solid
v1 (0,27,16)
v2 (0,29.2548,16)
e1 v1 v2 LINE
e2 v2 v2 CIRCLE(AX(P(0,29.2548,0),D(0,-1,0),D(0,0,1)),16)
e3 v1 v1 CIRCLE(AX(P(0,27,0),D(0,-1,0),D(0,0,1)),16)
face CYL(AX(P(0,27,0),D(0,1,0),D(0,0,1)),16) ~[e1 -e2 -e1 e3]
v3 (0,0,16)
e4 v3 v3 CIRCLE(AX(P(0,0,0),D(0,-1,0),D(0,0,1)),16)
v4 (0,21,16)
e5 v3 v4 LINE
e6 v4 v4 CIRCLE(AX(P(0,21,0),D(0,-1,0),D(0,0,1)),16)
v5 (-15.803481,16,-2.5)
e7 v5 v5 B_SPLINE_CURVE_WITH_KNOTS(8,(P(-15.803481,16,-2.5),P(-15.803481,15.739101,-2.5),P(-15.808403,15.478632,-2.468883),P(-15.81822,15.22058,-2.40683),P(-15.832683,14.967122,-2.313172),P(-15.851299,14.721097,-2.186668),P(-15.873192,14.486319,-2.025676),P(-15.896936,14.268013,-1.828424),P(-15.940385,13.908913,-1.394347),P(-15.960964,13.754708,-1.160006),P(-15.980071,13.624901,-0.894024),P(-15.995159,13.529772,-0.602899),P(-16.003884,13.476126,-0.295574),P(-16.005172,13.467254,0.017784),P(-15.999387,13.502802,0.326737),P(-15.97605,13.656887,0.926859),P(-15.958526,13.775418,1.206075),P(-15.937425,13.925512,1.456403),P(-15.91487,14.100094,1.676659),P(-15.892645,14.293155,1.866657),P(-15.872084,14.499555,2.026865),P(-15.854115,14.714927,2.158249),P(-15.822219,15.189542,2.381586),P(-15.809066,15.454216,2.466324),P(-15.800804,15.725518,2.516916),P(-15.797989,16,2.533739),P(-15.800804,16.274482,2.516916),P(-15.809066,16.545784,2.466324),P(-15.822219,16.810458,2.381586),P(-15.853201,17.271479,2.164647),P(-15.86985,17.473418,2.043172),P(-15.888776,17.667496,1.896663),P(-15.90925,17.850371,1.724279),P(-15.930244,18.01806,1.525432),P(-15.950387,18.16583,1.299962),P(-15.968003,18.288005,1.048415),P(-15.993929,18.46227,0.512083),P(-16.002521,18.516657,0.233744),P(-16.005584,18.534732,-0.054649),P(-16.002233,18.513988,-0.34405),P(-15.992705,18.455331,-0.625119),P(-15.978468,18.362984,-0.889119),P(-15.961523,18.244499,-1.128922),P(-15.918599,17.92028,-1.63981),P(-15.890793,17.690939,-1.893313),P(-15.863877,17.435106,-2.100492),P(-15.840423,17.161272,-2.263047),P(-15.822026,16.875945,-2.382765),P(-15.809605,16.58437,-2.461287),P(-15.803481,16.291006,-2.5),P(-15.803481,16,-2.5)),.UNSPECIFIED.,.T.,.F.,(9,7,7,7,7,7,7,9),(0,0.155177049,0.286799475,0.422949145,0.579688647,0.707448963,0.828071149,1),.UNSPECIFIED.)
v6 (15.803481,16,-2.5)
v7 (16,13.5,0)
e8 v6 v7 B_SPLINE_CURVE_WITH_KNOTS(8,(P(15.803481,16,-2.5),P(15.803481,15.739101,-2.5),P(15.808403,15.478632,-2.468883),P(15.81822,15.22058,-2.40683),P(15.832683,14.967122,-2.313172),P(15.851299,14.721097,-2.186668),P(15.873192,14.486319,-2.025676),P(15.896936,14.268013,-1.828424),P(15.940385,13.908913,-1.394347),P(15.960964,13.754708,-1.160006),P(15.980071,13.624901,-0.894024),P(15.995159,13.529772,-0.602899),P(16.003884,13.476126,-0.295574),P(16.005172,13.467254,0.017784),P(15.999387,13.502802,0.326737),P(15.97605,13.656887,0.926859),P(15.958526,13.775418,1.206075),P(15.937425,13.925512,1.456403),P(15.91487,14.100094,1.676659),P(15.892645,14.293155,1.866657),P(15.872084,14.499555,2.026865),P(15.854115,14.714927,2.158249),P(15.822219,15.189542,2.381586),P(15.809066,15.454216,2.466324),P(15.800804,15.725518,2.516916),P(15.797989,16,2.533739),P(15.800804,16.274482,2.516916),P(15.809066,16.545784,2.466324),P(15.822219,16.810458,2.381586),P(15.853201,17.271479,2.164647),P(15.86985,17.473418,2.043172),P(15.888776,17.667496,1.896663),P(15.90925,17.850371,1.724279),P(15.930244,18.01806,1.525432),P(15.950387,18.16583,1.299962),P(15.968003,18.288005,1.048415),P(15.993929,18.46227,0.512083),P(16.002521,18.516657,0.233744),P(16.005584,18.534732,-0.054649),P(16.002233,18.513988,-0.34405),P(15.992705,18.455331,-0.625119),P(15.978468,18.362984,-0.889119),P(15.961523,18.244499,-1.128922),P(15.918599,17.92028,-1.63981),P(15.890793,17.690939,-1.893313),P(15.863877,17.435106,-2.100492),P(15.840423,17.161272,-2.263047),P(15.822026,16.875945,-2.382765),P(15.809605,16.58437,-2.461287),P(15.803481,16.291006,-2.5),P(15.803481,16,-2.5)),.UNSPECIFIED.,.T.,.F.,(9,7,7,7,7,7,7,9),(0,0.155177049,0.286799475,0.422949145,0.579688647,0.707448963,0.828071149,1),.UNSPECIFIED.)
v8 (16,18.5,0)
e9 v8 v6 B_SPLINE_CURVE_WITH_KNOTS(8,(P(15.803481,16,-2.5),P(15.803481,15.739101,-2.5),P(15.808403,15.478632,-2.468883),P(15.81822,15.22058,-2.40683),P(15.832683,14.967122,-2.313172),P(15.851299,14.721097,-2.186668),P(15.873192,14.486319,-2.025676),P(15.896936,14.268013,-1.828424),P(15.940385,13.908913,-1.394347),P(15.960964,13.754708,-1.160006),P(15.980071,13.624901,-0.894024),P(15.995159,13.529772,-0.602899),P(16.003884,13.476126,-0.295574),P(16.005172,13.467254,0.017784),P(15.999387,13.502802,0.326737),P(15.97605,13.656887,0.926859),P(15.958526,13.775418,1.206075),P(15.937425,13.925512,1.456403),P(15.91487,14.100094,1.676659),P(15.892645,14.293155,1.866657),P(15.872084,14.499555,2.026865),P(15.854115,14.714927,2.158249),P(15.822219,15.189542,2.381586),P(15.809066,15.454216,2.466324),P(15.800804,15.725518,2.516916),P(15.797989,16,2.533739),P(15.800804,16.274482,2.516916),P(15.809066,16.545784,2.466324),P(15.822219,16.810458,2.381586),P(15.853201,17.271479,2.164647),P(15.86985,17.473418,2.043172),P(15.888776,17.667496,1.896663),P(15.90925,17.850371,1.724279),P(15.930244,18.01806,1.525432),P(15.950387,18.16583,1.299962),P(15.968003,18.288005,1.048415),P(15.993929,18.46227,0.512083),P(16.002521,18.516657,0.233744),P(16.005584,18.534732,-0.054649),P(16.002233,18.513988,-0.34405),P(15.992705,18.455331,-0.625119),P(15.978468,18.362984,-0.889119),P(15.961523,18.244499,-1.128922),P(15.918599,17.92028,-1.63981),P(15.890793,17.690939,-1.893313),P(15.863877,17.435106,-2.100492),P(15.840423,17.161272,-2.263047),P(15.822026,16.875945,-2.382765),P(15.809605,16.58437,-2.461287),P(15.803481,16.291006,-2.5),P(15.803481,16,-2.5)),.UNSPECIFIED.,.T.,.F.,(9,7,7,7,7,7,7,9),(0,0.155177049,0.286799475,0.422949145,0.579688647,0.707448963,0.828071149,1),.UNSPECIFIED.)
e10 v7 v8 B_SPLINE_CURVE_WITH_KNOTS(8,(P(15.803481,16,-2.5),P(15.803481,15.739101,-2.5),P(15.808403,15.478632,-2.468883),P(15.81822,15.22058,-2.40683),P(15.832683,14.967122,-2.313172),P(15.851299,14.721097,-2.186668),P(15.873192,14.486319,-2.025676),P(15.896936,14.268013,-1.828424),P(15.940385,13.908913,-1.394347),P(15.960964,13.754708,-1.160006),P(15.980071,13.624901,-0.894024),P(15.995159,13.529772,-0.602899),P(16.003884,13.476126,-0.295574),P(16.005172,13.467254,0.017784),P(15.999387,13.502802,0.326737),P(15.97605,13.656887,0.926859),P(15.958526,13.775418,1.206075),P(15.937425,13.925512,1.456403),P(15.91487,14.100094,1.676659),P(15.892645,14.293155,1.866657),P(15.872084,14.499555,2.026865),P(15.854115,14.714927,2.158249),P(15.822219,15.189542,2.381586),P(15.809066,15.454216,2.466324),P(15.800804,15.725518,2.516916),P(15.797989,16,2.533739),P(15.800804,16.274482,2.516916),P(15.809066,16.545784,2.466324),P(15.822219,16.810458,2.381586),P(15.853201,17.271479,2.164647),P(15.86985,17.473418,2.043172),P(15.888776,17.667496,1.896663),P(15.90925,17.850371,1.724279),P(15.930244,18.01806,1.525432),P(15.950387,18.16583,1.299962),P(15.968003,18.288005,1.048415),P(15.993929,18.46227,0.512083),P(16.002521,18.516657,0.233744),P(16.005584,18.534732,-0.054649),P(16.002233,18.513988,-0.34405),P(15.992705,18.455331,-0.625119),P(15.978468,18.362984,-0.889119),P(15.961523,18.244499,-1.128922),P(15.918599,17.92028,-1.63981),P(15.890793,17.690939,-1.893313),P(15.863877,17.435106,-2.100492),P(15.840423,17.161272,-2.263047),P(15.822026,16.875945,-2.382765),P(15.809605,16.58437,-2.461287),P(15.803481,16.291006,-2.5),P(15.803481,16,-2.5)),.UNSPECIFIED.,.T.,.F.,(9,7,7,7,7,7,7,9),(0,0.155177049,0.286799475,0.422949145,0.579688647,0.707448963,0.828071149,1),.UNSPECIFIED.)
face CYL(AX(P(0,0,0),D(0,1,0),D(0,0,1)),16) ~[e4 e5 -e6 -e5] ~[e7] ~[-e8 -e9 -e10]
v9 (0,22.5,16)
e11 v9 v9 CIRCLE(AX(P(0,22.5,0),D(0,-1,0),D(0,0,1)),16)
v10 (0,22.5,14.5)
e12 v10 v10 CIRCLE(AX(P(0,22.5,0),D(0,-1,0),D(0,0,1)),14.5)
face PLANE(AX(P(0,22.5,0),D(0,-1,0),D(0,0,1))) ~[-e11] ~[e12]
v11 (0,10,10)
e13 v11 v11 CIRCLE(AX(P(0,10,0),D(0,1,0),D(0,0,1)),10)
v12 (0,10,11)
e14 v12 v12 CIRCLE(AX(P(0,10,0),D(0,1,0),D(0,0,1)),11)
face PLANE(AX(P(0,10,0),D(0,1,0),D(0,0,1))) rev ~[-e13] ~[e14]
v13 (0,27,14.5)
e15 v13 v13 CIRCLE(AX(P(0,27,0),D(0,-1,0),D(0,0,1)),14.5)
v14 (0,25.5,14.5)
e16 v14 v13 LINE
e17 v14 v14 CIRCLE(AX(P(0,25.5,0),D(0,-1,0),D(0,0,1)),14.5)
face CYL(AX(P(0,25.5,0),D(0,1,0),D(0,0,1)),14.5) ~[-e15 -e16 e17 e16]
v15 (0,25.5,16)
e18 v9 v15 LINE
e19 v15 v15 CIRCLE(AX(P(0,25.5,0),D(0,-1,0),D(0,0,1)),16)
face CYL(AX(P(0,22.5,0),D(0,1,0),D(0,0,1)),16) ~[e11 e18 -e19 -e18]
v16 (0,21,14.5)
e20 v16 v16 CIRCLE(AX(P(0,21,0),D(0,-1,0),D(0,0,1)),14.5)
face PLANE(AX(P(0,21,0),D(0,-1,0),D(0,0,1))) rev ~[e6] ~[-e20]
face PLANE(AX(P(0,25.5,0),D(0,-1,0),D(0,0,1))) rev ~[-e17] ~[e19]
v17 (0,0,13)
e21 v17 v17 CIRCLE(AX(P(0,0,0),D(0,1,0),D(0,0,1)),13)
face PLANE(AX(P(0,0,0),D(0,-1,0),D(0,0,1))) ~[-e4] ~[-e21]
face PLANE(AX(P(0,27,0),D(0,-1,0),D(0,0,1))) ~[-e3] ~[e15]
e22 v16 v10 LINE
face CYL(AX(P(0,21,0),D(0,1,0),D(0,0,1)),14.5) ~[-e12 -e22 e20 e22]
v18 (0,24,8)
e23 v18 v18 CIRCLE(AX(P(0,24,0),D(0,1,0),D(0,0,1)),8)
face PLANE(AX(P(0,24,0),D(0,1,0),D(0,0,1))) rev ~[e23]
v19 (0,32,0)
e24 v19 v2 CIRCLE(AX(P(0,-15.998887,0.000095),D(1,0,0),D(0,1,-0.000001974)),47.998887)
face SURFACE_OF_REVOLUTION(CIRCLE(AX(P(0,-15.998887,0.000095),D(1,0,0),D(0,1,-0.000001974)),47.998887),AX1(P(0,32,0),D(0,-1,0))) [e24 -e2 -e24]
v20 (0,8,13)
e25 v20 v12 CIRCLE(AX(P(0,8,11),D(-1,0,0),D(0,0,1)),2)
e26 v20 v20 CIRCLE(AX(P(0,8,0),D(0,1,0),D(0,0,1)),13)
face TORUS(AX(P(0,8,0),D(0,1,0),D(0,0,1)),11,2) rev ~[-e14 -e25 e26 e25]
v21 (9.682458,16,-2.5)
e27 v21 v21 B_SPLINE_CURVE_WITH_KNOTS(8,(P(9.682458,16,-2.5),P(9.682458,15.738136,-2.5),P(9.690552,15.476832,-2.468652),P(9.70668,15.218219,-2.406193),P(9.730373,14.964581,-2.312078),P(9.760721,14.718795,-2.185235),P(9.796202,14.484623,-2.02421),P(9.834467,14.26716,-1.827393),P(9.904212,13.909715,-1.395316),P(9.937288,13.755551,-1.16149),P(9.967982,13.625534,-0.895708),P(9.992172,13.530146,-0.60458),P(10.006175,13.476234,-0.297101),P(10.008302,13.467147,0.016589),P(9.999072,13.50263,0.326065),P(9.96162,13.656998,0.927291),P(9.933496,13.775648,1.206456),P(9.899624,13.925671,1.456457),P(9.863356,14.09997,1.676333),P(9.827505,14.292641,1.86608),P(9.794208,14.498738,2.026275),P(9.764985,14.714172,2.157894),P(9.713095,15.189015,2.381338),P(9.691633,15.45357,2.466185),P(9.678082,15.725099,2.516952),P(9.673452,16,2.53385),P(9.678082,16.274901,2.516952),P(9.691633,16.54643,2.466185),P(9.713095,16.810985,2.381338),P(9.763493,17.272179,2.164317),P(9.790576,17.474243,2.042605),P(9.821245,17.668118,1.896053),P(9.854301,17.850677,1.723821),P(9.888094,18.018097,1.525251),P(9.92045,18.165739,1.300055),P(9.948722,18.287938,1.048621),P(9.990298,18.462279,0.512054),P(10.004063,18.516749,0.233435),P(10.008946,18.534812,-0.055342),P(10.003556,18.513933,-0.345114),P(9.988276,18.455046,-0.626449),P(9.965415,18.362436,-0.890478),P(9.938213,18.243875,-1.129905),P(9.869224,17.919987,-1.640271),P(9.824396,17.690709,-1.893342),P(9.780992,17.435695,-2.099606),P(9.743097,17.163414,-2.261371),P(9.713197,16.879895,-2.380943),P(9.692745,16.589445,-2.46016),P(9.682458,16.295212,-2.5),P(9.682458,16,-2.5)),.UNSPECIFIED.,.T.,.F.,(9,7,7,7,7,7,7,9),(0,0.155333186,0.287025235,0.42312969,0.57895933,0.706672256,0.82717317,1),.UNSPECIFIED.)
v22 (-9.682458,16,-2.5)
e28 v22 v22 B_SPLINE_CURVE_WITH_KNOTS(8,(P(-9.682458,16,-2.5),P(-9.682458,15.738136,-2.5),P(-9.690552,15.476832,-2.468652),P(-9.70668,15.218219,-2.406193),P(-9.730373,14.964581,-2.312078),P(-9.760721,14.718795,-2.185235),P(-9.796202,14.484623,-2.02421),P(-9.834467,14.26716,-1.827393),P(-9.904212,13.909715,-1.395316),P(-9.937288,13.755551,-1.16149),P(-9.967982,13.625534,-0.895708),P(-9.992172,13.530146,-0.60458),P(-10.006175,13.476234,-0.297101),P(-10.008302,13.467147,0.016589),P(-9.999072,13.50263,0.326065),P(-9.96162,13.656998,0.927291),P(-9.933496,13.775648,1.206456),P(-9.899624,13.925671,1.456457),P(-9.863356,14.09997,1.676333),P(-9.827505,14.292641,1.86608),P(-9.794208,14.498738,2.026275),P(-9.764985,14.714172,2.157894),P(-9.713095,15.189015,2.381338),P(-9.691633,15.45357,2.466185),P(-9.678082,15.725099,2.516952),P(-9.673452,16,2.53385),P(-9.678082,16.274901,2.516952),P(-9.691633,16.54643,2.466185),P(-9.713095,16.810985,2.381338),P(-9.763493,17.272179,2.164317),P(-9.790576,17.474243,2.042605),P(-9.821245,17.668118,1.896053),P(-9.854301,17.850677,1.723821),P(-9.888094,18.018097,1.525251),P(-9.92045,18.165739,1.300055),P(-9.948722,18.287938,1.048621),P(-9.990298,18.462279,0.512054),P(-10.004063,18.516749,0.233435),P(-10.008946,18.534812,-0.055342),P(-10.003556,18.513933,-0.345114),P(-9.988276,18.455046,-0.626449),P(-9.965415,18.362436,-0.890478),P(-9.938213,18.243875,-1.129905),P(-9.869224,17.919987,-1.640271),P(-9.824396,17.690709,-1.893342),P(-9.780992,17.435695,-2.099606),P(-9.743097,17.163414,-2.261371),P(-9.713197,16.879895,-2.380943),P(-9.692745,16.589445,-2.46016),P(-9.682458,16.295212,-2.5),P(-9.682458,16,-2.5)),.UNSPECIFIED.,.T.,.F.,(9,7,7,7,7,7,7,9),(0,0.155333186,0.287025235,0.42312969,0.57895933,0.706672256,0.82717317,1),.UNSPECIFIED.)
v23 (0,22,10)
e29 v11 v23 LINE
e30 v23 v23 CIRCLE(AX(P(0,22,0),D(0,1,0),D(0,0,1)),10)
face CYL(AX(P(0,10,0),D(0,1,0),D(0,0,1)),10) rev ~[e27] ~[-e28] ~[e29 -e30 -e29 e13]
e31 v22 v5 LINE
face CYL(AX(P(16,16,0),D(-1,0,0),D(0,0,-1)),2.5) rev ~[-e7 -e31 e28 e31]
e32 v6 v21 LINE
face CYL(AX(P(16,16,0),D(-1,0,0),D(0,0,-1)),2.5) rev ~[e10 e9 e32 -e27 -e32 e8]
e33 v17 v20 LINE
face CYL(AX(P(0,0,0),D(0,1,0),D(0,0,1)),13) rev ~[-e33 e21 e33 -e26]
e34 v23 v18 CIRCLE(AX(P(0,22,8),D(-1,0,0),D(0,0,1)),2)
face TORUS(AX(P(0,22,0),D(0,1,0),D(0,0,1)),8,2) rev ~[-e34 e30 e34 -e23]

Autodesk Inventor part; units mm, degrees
ref_plane "XZ Plane" through (0, 0, 0) normal (0, 1, 0) x (-1, 0, 0)
ref_plane "XY Plane" through (0, 0, 0) normal (0, 0, 1) x (1, 0, 0)
sketch "Náčrt3" plane through (0, 0, 0) normal (1, 0, 0) x (0, 1, 0)
  line L0 (0, 0) -> (0, 16)
  line L1 (0, 16) -> (21, 16)
  line L2 (21, 16) -> (21, 14.5)
  line L3 (21, 14.5) -> (22.5, 14.5)
  line L4 (22.5, 14.5) -> (22.5, 16)
  line L5 (22.5, 16) -> (25.5, 16)
  line L6 (25.5, 16) -> (25.5, 14.5)
  line L7 (25.5, 14.5) -> (27, 14.5)
  line L8 (27, 14.5) -> (27, 16)
  line L9 (27, 16) -> (29.2548, 16)
  line L10 (32, 0) -> (0, 0)
  arc A0 (32, 0) -> (29.2548, 16) centre (-16, 0) ccw
  dimension "d4" = 16
  dimension "d5" = 21
  dimension "d6" = 3
  dimension "d7" = 1.5
  dimension "d8" = 1.5
  dimension "d9" = 14.5
  dimension "d12" = 96
  dimension "d13" = 32
revolve "Rotace1" add sketch "Náčrt3" angle 360 about axis through (0, 32, 0) along (0, -1, 0)
sketch "Náčrt4" plane through (0, 0, 0) normal (1, 0, 0) x (0, 1, 0)
  line L0 (0, 16) -> (0, -16) projected
  line L1 (0, 13) -> (10, 13)
  line L2 (10, 13) -> (10, 10)
  line L3 (20.5263, 0) -> (0, 0)
  line L4 (10, 10) -> (24, 10)
  line L5 (24, 10) -> (24, 0)
  line L6 (24, 0) -> (20.5263, 0)
  line L7 (-6.4, 0) -> (38.4, 0) projected
  dimension "d14" = 10
  dimension "d15" = 13
  dimension "d16" = 10
  dimension "d17" = 24
revolve "Rotace2" cut sketch "Náčrt4" angle 360 about axis through (0, -10, 0) along (0, 1, 0)
fillet "Zaoblení1" radius 2 2 edges at (0, 10, -13) (0, 24, -10)
ref_plane "Pracovní rovina1" through (16, 0, 0) normal (1, 0, 0) x (0, 1, 0)
sketch "Náčrt5" plane through (16, 0, 0) normal (1, 0, 0) x (0, 1, 0)
  line L0 (-6.4, 0) -> (38.4, 0) projected
  line L1 (0, -22.4) -> (0, 22.4) projected
  point P0 (0, 0)
  point P1 (16, 0)
  dimension "d21" = 16
hole "Díra1" at (16, 16, 0) direction (-1, 0, 0) diameter 5 end through all
properties part number "Piston_head" material "Ocel"
